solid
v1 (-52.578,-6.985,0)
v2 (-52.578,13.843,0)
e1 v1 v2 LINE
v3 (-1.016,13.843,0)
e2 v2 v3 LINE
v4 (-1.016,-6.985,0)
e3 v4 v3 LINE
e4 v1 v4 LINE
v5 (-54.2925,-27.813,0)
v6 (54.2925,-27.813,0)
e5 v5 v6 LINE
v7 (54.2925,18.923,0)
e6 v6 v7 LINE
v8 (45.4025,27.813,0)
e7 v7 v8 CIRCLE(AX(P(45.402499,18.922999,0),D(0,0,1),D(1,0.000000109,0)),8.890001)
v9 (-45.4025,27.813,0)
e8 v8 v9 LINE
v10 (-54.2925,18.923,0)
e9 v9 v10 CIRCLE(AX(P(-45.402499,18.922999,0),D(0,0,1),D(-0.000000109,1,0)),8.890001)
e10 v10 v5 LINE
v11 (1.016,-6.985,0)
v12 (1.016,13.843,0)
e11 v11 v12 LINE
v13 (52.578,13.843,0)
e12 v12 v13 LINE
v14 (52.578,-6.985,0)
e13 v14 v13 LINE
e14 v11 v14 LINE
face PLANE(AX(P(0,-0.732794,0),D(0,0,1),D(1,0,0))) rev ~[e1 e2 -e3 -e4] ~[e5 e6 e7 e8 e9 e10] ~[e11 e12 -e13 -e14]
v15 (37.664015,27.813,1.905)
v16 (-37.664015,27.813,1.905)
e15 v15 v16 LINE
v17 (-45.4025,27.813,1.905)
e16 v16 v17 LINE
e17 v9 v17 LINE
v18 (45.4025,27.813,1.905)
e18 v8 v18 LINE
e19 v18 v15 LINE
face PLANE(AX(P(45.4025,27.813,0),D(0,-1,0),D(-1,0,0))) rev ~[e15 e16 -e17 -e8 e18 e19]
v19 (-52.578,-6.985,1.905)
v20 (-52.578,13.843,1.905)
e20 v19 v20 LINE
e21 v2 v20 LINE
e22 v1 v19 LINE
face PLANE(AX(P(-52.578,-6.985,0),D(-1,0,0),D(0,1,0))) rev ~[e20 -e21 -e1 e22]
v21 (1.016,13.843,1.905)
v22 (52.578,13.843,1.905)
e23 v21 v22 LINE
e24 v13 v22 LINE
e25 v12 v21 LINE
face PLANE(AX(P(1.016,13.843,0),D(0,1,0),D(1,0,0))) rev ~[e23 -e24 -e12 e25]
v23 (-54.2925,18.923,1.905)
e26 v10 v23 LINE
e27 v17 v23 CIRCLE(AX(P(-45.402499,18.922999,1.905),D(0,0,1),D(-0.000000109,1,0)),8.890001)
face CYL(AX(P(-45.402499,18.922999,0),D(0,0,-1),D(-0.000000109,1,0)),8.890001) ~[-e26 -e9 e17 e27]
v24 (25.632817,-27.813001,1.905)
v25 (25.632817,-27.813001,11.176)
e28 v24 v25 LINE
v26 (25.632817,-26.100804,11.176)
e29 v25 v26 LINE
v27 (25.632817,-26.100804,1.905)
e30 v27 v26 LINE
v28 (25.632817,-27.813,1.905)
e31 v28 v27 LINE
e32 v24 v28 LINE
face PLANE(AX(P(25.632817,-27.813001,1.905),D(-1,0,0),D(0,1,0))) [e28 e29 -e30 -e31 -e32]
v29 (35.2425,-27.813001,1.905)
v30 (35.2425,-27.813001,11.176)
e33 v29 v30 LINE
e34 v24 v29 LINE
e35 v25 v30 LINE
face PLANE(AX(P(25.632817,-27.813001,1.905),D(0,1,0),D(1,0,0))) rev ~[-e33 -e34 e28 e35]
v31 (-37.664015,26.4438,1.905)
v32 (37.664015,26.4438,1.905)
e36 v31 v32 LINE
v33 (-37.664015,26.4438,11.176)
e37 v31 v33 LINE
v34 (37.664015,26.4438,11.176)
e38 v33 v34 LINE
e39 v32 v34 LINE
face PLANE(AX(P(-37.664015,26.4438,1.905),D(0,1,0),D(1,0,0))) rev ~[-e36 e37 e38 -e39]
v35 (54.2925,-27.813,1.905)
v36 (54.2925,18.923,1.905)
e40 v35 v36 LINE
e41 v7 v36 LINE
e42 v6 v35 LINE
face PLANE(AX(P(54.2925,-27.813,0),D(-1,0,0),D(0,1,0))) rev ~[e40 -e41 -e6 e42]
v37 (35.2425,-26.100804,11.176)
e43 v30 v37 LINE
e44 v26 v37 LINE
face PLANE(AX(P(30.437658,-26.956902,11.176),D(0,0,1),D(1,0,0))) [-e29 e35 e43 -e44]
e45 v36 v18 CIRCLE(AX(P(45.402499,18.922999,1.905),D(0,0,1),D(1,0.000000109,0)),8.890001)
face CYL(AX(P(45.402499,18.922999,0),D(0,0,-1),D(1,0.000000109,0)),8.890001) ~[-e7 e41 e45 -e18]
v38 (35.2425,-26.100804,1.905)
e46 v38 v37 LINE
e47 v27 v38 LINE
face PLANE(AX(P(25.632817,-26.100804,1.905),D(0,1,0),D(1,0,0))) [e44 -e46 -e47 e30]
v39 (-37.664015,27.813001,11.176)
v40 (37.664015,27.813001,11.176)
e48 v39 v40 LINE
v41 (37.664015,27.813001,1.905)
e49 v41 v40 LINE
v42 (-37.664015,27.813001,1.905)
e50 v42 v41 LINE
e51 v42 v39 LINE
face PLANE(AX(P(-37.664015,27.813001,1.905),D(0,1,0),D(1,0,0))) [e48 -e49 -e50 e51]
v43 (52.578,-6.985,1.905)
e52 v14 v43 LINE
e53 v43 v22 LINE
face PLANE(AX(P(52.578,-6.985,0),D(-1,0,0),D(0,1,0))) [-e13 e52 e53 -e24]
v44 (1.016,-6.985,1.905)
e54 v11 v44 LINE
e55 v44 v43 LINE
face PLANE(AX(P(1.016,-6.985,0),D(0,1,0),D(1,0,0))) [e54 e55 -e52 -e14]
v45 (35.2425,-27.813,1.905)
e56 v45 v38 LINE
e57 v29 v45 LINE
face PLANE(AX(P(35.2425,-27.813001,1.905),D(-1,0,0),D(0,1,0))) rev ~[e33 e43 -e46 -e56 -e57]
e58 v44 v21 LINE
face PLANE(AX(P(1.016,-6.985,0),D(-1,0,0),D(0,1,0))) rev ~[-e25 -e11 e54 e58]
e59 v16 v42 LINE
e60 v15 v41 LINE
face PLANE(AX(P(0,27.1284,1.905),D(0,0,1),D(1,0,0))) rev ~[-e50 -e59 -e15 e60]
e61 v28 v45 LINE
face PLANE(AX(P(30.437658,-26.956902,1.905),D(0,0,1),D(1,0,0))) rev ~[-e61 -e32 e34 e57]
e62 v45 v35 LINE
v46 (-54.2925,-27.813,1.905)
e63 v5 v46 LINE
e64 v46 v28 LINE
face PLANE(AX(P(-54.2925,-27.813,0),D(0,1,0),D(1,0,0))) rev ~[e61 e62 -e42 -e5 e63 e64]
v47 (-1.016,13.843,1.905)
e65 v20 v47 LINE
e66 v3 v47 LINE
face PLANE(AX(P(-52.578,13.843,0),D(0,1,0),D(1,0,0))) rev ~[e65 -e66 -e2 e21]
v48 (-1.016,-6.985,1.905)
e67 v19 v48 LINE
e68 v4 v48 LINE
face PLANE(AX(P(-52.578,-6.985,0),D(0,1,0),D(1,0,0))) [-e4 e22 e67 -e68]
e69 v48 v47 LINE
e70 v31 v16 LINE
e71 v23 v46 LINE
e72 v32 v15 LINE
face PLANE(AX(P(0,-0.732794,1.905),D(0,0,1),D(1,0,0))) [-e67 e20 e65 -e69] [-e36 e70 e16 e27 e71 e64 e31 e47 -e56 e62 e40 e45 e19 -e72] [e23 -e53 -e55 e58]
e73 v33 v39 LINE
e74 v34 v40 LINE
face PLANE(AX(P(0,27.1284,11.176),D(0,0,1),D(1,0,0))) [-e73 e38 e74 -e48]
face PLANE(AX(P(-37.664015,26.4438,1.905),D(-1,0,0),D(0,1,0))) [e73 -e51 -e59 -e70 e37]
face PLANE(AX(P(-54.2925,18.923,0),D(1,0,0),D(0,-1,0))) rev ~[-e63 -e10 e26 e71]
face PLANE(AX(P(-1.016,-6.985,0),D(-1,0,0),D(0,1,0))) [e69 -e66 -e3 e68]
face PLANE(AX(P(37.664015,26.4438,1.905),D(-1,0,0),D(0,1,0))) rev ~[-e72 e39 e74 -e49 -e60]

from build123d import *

# Parameters (mm, degrees)
F0_W     = 51.562
F0_H     = 20.828
F1_DEPTH = 1.905
F2_W     = 75.32803
F2_H     = 1.369201
F2_W_2   = 9.609683
F2_H_2   = 1.712197
F3_DEPTH = 9.271


with BuildPart() as f1:
    # F0 (on Top) → F1 (new body)
    with BuildSketch(Plane.XY):
        with BuildLine():
            ThreePointArc((54.2925, 18.923), (51.688679, 25.209179), (45.4025, 27.813))
            Line((45.4025, 27.813), (-45.4025, 27.813))
            ThreePointArc((-45.4025, 27.813), (-51.688679, 25.209179), (-54.2925, 18.923))
            Line((-54.2925, 18.923), (-54.2925, -27.813))
            Line((-54.2925, -27.813), (54.2925, -27.813))
            Line((54.2925, -27.813), (54.2925, 18.923))
        make_face()
        with Locations((-26.797, 3.429)):
            Rectangle(F0_W, F0_H, mode=Mode.SUBTRACT)
        with Locations((26.797, 3.429)):
            Rectangle(F0_W, F0_H, mode=Mode.SUBTRACT)
    extrude(amount=F1_DEPTH)

    # F2 (on face) → F3 (join)
    with BuildSketch(Plane.XY.offset(1.905)):
        with Locations((0, 27.1284)):
            Rectangle(F2_W, F2_H)
        with Locations((30.437658, -26.956902)):
            Rectangle(F2_W_2, F2_H_2)
    extrude(amount=F3_DEPTH)


solid = f1.part
